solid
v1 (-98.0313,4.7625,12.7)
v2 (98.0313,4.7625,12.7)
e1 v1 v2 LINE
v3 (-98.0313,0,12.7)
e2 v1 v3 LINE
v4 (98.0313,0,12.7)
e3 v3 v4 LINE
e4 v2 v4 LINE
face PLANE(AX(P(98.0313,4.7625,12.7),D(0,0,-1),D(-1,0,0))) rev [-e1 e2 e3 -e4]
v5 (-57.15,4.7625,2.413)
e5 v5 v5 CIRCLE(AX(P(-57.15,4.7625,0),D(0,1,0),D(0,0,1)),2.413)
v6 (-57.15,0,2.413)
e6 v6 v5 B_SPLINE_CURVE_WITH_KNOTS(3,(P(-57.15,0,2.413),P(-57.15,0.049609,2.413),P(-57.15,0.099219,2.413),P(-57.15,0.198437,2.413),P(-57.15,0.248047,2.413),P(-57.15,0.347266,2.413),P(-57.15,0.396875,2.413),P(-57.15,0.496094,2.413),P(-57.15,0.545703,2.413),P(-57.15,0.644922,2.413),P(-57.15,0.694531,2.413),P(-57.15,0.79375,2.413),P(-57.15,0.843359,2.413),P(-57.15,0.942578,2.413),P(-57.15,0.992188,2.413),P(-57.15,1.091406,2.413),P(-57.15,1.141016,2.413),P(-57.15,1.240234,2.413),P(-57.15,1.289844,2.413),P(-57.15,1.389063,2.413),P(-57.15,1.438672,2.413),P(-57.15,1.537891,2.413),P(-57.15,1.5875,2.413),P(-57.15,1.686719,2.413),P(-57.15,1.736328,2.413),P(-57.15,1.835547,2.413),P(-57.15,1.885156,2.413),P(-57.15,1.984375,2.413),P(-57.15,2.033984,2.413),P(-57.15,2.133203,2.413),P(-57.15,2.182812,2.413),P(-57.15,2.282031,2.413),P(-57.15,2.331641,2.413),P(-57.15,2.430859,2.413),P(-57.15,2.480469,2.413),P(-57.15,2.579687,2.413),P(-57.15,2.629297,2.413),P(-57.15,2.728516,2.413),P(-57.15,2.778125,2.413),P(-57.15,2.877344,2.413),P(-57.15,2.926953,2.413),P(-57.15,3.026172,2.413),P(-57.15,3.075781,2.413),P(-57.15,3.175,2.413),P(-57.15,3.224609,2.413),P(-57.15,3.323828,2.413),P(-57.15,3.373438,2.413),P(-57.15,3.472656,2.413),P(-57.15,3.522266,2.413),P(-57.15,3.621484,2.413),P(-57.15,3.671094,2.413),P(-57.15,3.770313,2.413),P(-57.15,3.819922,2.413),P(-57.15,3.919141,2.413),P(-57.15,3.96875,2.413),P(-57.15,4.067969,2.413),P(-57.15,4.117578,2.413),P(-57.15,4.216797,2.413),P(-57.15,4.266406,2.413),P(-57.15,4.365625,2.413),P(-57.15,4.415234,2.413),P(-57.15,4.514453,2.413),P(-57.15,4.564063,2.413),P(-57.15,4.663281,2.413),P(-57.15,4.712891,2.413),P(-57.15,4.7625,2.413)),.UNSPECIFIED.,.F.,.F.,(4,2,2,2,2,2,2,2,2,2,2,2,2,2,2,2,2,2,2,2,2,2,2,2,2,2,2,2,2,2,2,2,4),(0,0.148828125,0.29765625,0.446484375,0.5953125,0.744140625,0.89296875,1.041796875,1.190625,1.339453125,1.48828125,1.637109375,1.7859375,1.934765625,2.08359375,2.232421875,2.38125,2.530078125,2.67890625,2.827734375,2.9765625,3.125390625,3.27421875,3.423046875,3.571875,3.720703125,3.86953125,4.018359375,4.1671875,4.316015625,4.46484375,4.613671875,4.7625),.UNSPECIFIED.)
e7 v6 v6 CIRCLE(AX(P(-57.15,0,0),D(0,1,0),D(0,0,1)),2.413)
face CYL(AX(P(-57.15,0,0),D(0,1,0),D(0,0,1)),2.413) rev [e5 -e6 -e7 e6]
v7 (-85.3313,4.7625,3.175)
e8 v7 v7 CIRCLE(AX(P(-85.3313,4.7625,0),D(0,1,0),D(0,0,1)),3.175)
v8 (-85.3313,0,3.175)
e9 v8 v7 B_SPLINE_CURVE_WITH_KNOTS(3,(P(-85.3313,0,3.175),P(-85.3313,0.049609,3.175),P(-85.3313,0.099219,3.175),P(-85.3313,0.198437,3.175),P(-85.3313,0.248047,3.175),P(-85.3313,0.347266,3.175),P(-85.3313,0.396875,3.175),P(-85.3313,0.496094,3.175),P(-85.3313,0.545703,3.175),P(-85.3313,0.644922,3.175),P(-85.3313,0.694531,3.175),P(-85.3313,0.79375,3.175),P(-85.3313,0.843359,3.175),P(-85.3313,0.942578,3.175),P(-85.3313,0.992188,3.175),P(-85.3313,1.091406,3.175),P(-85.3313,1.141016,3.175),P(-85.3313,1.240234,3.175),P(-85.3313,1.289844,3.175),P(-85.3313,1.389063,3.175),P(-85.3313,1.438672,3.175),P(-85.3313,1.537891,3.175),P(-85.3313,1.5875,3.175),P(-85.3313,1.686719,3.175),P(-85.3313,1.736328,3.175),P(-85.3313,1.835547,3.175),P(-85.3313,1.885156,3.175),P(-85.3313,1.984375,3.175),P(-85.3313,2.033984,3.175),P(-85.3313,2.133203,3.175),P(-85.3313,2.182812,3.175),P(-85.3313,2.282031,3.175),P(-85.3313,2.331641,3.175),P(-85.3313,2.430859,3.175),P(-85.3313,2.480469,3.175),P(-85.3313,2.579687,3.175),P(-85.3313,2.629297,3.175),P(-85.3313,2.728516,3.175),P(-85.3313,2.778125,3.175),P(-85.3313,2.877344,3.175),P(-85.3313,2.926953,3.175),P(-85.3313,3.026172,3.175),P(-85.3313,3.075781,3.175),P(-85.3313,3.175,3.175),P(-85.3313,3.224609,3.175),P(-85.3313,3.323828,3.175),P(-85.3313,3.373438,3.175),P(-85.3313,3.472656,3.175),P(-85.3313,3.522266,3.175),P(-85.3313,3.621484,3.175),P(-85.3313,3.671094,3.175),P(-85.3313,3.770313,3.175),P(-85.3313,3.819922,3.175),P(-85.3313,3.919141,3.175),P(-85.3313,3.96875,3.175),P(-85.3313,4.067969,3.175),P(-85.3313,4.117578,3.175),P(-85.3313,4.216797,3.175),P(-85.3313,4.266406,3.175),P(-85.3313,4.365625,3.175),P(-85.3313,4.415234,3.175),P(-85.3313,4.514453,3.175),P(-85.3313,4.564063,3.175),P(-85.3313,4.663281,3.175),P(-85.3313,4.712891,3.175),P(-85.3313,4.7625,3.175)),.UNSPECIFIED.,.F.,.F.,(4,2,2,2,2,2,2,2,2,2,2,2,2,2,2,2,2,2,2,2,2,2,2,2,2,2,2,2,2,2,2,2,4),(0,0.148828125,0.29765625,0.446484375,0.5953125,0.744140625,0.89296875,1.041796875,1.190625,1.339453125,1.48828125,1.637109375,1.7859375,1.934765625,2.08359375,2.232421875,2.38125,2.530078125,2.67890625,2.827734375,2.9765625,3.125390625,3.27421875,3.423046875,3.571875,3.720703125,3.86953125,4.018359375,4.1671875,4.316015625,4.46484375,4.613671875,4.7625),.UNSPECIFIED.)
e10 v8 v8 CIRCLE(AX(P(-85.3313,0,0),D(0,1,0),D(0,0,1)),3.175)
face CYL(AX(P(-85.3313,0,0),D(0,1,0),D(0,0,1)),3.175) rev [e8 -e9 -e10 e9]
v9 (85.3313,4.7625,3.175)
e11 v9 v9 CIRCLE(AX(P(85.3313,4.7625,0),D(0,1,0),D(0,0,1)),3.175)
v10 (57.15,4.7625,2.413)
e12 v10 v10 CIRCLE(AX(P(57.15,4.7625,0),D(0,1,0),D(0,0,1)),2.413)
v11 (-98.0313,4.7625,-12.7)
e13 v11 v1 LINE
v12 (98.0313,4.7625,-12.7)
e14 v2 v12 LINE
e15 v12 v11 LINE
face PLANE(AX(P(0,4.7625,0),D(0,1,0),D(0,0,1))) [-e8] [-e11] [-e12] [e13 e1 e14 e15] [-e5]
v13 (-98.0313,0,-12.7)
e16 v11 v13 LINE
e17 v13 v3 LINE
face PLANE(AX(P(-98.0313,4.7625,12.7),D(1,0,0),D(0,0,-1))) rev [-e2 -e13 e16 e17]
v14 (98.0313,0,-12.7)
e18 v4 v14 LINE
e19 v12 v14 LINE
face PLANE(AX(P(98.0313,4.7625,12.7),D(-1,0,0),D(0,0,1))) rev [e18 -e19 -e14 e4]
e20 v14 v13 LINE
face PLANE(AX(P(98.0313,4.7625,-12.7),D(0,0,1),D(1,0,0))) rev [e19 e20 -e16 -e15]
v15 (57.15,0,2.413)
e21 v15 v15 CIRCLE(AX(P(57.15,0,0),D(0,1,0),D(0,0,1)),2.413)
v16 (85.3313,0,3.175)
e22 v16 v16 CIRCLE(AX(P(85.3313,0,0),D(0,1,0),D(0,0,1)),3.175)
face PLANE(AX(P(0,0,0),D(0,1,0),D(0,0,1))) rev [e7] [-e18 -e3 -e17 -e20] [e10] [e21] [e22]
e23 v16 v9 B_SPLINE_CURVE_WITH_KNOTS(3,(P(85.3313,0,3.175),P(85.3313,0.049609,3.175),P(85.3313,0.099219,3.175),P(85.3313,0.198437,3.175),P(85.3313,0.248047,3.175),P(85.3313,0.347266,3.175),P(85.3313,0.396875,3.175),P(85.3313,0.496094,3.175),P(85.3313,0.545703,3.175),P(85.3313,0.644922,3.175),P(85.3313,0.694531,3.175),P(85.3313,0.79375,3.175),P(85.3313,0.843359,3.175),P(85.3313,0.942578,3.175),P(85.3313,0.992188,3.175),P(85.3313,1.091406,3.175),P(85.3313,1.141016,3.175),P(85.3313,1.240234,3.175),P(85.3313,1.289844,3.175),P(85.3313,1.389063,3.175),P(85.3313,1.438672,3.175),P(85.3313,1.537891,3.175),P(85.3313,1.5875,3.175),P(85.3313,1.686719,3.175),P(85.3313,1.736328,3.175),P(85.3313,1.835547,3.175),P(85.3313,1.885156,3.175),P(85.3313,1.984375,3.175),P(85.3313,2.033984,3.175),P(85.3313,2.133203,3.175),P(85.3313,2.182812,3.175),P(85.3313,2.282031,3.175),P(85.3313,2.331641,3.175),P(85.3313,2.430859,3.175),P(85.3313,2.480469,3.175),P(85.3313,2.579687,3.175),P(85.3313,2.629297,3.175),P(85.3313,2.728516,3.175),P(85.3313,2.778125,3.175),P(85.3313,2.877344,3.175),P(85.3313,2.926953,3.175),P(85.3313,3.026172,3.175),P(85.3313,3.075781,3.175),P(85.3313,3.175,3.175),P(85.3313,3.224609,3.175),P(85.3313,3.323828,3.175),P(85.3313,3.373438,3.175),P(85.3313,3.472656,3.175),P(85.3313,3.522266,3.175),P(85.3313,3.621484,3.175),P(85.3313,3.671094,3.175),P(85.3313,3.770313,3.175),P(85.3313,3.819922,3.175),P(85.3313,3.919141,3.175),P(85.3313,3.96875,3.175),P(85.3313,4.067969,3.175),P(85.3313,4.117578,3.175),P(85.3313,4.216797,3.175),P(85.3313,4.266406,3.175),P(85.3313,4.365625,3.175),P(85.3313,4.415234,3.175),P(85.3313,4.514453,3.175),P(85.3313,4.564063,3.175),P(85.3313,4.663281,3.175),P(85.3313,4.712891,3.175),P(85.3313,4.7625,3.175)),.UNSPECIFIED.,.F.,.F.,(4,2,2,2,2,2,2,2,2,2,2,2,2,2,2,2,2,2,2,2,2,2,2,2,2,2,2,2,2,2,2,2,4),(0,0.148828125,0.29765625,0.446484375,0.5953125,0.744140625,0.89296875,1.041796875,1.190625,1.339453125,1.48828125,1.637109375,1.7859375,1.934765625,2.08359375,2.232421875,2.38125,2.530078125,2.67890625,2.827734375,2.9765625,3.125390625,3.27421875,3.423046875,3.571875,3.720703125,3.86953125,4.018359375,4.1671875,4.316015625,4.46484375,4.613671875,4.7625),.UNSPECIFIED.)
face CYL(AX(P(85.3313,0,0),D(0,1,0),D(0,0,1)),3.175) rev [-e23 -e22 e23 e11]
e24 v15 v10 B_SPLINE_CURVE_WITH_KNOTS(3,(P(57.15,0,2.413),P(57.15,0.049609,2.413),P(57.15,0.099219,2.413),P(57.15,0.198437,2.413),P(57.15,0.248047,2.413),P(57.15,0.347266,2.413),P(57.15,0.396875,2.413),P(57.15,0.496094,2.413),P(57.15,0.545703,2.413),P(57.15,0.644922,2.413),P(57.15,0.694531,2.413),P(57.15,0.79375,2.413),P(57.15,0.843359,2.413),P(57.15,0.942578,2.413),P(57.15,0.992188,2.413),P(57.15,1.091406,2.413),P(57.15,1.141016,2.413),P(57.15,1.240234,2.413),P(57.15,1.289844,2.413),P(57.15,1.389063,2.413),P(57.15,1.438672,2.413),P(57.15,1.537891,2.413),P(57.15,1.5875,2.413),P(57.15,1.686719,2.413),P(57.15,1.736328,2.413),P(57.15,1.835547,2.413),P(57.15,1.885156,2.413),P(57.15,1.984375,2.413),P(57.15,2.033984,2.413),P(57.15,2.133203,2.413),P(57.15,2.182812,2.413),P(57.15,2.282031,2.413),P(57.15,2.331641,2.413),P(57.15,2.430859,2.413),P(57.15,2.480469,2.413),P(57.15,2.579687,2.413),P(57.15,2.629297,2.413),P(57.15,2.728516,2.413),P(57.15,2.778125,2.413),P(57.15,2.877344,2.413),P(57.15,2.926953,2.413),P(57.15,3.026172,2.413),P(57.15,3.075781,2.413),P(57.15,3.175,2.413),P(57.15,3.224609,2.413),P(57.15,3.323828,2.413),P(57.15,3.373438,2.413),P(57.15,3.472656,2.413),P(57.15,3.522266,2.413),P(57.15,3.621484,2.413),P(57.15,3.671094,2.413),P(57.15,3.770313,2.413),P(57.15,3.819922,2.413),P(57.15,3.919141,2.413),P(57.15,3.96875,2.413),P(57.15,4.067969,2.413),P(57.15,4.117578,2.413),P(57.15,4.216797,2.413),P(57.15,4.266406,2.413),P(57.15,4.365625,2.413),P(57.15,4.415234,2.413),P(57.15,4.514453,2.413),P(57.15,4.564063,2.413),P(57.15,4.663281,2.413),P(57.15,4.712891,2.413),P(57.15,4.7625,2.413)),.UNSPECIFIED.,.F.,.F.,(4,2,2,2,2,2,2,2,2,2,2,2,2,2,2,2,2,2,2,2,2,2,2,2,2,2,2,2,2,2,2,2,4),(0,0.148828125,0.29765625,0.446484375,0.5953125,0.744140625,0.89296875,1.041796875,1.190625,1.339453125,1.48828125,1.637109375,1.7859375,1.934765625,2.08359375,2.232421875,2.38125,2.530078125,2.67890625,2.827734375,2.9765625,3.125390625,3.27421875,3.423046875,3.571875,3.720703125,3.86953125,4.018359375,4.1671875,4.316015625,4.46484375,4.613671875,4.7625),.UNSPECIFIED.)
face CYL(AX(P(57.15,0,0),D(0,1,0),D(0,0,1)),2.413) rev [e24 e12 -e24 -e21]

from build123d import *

# Parameters (mm, degrees)
SKETCH1_W           = 196.0626
SKETCH1_H           = 25.4
BOSS_EXTRUDE1_DEPTH = 4.7625
SKETCH2_R           = 2.413
SKETCH2_R_2         = 3.175
CUT_EXTRUDE1_DEPTH  = 99.965181685


with BuildPart() as part:
    # Sketch1 → Boss-Extrude1 (new body)
    with BuildSketch(Plane(origin=(0, 0, 0), x_dir=(1, 0, 0), z_dir=(0, 1, 0))):
        Rectangle(SKETCH1_W, SKETCH1_H)
    extrude(amount=BOSS_EXTRUDE1_DEPTH)

    # Sketch2 → Cut-Extrude1 (cut, through all)
    with BuildSketch(Plane(origin=(0, 4.7625, 0), x_dir=(1, 0, 0), z_dir=(0, 1, 0))):
        with Locations(Location((-57.15, 0, 0), (0, 0, 270))):
            Circle(SKETCH2_R)
        with Locations(Location((57.15, 0, 0), (0, 0, 270))):
            Circle(SKETCH2_R)
        with Locations(Location((-85.3313, 0, 0), (0, 0, 270))):
            Circle(SKETCH2_R_2)
        with Locations(Location((85.3313, 0, 0), (0, 0, 270))):
            Circle(SKETCH2_R_2)
    extrude(amount=-CUT_EXTRUDE1_DEPTH, mode=Mode.SUBTRACT)


solid = part.part
